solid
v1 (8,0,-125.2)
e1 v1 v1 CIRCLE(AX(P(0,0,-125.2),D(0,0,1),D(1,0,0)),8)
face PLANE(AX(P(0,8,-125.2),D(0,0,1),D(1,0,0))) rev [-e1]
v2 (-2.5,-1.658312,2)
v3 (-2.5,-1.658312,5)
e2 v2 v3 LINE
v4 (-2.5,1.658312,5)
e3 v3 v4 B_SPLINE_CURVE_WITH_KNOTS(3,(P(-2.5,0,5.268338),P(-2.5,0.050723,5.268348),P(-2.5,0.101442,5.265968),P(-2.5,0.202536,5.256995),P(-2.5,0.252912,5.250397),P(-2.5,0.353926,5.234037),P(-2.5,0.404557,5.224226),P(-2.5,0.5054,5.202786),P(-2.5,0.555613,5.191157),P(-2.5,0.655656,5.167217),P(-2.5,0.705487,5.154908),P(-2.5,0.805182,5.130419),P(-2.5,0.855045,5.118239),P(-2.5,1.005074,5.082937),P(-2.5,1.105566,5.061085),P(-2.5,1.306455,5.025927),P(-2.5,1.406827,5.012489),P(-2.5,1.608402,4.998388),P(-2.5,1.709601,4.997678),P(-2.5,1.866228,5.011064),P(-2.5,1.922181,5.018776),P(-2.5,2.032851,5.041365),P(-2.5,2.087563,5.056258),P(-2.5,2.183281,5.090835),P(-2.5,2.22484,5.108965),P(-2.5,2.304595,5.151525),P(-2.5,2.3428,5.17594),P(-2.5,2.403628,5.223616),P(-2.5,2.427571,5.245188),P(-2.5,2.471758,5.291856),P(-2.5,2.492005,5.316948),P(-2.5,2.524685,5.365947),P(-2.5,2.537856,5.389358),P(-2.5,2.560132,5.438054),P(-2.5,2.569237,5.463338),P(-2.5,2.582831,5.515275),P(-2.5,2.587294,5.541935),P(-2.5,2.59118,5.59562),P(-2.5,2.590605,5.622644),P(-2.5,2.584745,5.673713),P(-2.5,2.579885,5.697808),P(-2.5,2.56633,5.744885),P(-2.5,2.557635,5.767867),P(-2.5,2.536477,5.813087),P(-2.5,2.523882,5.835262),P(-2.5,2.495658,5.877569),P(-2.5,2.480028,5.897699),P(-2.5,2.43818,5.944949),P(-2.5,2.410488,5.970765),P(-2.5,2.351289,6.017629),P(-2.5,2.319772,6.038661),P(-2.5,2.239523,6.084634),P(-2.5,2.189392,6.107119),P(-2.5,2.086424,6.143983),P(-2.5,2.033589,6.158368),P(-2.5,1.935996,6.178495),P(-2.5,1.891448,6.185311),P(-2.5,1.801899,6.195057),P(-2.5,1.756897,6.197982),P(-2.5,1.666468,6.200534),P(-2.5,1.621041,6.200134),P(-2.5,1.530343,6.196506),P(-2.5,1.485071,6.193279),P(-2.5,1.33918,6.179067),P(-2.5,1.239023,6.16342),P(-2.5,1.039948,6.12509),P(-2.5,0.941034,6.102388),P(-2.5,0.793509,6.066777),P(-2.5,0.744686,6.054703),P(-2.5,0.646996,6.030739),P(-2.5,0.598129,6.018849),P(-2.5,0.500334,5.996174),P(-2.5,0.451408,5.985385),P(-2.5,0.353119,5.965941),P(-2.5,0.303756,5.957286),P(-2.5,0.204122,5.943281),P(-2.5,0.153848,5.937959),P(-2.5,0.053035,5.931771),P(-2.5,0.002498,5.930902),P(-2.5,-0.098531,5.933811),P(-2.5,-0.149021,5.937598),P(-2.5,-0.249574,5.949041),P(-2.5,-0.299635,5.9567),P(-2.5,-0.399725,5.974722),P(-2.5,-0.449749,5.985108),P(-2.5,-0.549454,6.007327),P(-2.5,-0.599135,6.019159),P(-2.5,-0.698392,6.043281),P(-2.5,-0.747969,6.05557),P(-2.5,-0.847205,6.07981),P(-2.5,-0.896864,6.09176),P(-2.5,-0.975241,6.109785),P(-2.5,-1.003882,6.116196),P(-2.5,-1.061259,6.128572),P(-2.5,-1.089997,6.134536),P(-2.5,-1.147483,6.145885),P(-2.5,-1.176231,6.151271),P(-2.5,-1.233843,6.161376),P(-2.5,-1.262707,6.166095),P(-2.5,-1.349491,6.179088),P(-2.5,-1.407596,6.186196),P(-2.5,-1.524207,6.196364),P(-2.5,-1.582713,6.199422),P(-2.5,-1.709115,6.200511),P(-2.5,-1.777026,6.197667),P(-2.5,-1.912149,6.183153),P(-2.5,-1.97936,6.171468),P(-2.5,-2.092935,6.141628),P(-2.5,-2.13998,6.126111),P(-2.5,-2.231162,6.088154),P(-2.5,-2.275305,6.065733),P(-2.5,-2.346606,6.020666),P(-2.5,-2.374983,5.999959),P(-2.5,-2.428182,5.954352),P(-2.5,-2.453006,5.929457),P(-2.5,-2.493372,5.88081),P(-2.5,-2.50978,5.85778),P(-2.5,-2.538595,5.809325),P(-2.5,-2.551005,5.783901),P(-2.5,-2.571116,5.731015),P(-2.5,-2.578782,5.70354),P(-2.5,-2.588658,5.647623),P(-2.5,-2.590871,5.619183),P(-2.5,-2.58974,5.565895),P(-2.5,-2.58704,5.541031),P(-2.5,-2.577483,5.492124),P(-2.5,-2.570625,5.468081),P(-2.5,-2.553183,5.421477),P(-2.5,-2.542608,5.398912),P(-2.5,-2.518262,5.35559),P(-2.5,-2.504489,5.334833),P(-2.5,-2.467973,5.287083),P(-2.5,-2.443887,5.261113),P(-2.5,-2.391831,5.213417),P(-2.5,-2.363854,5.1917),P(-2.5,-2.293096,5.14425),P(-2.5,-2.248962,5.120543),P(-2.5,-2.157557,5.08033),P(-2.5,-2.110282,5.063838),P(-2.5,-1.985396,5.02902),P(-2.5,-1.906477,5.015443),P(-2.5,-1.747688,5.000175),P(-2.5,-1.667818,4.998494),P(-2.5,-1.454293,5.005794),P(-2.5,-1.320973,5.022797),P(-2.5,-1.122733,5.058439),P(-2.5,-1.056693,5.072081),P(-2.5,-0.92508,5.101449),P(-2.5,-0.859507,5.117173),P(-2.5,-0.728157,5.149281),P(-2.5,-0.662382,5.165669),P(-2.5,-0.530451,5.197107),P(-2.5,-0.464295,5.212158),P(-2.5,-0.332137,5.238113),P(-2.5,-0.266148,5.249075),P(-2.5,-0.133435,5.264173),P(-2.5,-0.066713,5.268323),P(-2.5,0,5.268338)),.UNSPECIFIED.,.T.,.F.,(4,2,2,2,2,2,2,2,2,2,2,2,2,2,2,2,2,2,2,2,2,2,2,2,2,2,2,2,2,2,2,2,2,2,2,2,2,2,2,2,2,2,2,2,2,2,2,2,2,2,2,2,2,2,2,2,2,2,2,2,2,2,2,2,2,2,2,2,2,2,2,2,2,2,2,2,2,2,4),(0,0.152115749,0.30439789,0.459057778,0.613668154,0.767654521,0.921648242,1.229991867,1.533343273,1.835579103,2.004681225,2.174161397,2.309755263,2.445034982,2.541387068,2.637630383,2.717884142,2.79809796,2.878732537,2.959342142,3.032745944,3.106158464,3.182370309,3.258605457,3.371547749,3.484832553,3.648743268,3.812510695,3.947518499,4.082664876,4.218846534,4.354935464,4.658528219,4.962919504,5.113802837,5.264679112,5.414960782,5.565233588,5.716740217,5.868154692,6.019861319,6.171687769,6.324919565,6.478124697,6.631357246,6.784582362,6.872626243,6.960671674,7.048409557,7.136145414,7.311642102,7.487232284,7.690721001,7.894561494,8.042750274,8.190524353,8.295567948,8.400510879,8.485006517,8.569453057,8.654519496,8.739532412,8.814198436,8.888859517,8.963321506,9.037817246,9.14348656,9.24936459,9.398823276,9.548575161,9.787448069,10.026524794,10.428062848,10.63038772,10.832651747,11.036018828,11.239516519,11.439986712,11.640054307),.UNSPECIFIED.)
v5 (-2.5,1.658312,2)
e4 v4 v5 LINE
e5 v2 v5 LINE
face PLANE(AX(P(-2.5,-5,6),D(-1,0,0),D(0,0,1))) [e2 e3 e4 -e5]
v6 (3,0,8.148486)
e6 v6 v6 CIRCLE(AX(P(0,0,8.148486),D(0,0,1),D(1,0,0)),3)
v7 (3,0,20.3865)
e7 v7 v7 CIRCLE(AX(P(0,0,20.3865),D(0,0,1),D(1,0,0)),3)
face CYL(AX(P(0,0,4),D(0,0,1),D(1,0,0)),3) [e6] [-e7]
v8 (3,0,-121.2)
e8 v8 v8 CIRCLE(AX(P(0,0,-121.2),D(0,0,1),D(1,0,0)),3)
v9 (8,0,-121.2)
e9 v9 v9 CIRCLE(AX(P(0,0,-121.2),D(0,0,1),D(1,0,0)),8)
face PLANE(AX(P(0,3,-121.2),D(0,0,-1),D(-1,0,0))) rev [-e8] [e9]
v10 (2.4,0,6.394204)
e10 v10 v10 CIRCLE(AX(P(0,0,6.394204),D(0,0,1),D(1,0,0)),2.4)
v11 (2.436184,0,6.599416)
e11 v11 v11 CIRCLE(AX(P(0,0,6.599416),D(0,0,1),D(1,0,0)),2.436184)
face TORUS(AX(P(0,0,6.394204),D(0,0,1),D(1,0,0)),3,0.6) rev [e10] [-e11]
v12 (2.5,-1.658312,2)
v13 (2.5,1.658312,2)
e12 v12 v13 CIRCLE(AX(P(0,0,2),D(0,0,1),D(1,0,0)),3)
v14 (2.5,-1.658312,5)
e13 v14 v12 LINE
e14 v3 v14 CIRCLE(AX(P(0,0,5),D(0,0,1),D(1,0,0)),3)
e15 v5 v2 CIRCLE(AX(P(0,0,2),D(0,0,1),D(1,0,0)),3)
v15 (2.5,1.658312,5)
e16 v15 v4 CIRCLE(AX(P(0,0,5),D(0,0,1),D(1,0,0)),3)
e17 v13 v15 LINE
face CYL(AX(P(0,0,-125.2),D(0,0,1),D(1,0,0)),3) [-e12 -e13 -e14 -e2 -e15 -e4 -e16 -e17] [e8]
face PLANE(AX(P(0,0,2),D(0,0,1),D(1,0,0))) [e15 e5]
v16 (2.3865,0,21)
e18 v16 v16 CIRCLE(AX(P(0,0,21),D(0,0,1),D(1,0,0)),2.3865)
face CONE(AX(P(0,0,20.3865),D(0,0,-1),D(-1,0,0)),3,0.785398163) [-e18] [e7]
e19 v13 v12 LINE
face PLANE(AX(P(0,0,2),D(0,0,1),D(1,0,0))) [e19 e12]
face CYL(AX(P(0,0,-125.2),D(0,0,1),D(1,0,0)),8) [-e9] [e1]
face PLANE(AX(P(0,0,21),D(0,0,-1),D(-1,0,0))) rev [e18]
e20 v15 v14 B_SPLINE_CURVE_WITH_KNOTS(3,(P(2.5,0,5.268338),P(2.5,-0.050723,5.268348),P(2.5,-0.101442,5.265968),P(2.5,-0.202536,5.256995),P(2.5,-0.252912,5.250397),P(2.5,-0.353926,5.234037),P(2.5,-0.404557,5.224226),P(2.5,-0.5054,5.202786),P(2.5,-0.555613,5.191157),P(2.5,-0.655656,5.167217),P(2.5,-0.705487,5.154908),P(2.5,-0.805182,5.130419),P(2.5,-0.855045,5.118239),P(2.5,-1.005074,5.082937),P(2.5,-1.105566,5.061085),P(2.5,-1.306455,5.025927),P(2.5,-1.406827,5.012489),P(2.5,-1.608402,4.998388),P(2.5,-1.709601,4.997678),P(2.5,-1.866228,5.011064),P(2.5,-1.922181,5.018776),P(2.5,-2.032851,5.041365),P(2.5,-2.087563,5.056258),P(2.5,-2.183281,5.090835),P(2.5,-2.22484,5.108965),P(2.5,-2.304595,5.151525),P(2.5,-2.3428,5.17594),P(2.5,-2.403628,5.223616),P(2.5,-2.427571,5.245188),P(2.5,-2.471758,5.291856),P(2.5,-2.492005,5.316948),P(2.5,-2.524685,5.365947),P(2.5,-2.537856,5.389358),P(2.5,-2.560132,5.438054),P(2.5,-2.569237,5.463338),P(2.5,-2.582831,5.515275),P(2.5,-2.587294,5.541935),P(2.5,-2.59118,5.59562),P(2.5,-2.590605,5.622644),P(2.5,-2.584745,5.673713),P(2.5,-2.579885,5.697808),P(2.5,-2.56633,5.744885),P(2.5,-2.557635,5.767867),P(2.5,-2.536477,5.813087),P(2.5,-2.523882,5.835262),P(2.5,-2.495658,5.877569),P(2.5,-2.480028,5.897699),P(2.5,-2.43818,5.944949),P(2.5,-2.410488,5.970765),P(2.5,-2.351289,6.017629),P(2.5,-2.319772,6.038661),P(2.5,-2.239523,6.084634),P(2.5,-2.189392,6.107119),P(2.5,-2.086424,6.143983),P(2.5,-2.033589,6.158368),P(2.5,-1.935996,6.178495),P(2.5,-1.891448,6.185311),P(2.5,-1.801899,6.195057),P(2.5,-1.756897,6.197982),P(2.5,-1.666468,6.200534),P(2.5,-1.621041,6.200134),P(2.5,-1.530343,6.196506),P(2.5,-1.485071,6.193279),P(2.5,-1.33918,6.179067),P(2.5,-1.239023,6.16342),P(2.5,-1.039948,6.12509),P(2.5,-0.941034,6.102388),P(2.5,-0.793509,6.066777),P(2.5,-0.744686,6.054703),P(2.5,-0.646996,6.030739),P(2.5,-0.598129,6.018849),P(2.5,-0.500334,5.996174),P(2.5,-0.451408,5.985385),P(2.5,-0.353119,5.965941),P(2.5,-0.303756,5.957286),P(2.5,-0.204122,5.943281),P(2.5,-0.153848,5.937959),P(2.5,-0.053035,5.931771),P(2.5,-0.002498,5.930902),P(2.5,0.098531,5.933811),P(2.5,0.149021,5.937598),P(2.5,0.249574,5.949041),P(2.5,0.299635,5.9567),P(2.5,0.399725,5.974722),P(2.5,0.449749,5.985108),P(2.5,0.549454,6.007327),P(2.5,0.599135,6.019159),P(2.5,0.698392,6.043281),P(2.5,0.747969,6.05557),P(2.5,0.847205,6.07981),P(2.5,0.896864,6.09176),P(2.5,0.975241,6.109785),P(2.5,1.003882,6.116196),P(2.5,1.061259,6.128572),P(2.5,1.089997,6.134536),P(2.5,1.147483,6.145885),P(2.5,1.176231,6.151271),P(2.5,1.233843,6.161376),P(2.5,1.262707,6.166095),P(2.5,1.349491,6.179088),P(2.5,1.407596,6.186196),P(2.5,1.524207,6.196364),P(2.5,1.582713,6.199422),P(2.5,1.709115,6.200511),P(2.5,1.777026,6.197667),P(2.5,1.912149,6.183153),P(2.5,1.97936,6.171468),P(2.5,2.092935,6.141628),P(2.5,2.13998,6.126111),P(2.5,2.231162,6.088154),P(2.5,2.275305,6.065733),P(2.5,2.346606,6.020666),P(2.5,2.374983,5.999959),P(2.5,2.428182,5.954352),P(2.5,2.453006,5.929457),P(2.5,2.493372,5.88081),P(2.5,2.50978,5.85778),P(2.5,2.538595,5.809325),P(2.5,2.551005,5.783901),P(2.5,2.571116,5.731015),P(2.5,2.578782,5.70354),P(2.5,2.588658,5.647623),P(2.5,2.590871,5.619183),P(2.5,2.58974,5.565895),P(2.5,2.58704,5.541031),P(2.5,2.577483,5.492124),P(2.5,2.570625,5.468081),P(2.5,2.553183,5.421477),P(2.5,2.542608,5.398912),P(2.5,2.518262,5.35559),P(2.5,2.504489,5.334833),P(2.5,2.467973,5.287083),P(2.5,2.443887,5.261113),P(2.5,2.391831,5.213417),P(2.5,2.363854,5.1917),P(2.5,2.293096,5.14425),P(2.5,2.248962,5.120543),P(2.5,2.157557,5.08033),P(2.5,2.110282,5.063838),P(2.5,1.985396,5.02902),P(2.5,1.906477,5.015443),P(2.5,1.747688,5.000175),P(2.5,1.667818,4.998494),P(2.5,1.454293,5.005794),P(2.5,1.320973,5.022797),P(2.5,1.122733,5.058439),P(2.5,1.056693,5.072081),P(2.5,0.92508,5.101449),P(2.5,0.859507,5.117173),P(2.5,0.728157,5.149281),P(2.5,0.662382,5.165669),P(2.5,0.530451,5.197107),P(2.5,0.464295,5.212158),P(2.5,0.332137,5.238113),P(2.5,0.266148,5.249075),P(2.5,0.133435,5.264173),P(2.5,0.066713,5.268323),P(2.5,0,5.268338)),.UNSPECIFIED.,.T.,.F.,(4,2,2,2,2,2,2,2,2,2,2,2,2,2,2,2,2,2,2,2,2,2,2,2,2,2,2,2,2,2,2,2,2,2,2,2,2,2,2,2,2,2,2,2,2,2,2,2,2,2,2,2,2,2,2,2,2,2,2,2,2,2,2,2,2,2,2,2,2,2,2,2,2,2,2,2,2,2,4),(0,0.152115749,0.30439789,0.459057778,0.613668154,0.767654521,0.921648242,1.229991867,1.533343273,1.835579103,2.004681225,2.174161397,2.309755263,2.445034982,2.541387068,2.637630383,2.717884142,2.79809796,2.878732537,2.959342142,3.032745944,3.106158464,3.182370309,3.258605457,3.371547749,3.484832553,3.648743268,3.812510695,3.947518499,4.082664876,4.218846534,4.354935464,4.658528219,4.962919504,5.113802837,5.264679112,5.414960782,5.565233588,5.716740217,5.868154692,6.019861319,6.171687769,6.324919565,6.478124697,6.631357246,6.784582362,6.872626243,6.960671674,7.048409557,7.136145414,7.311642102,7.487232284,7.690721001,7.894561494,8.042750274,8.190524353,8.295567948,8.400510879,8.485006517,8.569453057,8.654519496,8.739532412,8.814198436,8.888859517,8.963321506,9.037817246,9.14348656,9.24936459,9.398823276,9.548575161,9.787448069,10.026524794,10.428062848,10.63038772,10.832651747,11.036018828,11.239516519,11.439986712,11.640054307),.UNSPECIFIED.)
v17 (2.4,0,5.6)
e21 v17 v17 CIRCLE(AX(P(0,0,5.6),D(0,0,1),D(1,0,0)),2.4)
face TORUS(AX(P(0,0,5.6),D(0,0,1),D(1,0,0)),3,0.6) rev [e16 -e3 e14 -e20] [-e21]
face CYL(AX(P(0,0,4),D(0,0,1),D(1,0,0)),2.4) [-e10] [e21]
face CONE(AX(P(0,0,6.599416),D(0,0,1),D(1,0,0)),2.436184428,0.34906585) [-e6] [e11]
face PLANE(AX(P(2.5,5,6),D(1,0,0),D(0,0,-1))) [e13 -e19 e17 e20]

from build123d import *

# Parameters (mm, degrees)
CUT_EXTRUDE1_DEPTH = 4


with BuildPart() as part:
    # Sketch1 → Revolve1 (revolve)
    with BuildSketch(Plane(origin=(0, 0, 0), x_dir=(0, 0, -1), z_dir=(1, 0, 0))):
        Polygon((-5, 0), (-5, 3), (121.2, 3), (121.2, 8), (125.2, 8), (125.2, 0), align=None)
    revolve(axis=Axis((0, 0, -125.2), (0, 0, 1)))

    # Sketch2 → Revolve2 (revolve)
    with BuildSketch(Plane(origin=(0, 0, 0), x_dir=(0, 0, -1), z_dir=(1, 0, 0))):
        with BuildLine():
            Line((-21, 0), (-21, 2.3865))
            Line((-21, 2.3865), (-20.3865, 3))
            Line((-20.3865, 3), (-8.148486452, 3))
            Line((-8.148486452, 3), (-6.599415898, 2.436184428))
            ThreePointArc((-6.599415898, 2.436184428), (-6.498392718, 2.409115348), (-6.394203812, 2.4))
            Line((-6.394203812, 2.4), (-5.6, 2.4))
            ThreePointArc((-5.6, 2.4), (-5.175735931, 2.575735931), (-5, 3))
            Line((-5, 3), (-4, 3))
            Line((-4, 3), (-4, 0))
            Line((-4, 0), (-21, 0))
        make_face()
    revolve(axis=Axis((0, 0, 4), (0, 0, 1)))

    # Sketch3 → Cut-Extrude1 (cut)
    with BuildSketch(Plane.XY.offset(2)):
        Polygon((-5, 10), (-5, -5), (-2.5, -5), (-2.5, 5), (2.5, 5), (2.5, -5), (5, -5), (5, 10), align=None)
    extrude(amount=CUT_EXTRUDE1_DEPTH, mode=Mode.SUBTRACT)


solid = part.part
